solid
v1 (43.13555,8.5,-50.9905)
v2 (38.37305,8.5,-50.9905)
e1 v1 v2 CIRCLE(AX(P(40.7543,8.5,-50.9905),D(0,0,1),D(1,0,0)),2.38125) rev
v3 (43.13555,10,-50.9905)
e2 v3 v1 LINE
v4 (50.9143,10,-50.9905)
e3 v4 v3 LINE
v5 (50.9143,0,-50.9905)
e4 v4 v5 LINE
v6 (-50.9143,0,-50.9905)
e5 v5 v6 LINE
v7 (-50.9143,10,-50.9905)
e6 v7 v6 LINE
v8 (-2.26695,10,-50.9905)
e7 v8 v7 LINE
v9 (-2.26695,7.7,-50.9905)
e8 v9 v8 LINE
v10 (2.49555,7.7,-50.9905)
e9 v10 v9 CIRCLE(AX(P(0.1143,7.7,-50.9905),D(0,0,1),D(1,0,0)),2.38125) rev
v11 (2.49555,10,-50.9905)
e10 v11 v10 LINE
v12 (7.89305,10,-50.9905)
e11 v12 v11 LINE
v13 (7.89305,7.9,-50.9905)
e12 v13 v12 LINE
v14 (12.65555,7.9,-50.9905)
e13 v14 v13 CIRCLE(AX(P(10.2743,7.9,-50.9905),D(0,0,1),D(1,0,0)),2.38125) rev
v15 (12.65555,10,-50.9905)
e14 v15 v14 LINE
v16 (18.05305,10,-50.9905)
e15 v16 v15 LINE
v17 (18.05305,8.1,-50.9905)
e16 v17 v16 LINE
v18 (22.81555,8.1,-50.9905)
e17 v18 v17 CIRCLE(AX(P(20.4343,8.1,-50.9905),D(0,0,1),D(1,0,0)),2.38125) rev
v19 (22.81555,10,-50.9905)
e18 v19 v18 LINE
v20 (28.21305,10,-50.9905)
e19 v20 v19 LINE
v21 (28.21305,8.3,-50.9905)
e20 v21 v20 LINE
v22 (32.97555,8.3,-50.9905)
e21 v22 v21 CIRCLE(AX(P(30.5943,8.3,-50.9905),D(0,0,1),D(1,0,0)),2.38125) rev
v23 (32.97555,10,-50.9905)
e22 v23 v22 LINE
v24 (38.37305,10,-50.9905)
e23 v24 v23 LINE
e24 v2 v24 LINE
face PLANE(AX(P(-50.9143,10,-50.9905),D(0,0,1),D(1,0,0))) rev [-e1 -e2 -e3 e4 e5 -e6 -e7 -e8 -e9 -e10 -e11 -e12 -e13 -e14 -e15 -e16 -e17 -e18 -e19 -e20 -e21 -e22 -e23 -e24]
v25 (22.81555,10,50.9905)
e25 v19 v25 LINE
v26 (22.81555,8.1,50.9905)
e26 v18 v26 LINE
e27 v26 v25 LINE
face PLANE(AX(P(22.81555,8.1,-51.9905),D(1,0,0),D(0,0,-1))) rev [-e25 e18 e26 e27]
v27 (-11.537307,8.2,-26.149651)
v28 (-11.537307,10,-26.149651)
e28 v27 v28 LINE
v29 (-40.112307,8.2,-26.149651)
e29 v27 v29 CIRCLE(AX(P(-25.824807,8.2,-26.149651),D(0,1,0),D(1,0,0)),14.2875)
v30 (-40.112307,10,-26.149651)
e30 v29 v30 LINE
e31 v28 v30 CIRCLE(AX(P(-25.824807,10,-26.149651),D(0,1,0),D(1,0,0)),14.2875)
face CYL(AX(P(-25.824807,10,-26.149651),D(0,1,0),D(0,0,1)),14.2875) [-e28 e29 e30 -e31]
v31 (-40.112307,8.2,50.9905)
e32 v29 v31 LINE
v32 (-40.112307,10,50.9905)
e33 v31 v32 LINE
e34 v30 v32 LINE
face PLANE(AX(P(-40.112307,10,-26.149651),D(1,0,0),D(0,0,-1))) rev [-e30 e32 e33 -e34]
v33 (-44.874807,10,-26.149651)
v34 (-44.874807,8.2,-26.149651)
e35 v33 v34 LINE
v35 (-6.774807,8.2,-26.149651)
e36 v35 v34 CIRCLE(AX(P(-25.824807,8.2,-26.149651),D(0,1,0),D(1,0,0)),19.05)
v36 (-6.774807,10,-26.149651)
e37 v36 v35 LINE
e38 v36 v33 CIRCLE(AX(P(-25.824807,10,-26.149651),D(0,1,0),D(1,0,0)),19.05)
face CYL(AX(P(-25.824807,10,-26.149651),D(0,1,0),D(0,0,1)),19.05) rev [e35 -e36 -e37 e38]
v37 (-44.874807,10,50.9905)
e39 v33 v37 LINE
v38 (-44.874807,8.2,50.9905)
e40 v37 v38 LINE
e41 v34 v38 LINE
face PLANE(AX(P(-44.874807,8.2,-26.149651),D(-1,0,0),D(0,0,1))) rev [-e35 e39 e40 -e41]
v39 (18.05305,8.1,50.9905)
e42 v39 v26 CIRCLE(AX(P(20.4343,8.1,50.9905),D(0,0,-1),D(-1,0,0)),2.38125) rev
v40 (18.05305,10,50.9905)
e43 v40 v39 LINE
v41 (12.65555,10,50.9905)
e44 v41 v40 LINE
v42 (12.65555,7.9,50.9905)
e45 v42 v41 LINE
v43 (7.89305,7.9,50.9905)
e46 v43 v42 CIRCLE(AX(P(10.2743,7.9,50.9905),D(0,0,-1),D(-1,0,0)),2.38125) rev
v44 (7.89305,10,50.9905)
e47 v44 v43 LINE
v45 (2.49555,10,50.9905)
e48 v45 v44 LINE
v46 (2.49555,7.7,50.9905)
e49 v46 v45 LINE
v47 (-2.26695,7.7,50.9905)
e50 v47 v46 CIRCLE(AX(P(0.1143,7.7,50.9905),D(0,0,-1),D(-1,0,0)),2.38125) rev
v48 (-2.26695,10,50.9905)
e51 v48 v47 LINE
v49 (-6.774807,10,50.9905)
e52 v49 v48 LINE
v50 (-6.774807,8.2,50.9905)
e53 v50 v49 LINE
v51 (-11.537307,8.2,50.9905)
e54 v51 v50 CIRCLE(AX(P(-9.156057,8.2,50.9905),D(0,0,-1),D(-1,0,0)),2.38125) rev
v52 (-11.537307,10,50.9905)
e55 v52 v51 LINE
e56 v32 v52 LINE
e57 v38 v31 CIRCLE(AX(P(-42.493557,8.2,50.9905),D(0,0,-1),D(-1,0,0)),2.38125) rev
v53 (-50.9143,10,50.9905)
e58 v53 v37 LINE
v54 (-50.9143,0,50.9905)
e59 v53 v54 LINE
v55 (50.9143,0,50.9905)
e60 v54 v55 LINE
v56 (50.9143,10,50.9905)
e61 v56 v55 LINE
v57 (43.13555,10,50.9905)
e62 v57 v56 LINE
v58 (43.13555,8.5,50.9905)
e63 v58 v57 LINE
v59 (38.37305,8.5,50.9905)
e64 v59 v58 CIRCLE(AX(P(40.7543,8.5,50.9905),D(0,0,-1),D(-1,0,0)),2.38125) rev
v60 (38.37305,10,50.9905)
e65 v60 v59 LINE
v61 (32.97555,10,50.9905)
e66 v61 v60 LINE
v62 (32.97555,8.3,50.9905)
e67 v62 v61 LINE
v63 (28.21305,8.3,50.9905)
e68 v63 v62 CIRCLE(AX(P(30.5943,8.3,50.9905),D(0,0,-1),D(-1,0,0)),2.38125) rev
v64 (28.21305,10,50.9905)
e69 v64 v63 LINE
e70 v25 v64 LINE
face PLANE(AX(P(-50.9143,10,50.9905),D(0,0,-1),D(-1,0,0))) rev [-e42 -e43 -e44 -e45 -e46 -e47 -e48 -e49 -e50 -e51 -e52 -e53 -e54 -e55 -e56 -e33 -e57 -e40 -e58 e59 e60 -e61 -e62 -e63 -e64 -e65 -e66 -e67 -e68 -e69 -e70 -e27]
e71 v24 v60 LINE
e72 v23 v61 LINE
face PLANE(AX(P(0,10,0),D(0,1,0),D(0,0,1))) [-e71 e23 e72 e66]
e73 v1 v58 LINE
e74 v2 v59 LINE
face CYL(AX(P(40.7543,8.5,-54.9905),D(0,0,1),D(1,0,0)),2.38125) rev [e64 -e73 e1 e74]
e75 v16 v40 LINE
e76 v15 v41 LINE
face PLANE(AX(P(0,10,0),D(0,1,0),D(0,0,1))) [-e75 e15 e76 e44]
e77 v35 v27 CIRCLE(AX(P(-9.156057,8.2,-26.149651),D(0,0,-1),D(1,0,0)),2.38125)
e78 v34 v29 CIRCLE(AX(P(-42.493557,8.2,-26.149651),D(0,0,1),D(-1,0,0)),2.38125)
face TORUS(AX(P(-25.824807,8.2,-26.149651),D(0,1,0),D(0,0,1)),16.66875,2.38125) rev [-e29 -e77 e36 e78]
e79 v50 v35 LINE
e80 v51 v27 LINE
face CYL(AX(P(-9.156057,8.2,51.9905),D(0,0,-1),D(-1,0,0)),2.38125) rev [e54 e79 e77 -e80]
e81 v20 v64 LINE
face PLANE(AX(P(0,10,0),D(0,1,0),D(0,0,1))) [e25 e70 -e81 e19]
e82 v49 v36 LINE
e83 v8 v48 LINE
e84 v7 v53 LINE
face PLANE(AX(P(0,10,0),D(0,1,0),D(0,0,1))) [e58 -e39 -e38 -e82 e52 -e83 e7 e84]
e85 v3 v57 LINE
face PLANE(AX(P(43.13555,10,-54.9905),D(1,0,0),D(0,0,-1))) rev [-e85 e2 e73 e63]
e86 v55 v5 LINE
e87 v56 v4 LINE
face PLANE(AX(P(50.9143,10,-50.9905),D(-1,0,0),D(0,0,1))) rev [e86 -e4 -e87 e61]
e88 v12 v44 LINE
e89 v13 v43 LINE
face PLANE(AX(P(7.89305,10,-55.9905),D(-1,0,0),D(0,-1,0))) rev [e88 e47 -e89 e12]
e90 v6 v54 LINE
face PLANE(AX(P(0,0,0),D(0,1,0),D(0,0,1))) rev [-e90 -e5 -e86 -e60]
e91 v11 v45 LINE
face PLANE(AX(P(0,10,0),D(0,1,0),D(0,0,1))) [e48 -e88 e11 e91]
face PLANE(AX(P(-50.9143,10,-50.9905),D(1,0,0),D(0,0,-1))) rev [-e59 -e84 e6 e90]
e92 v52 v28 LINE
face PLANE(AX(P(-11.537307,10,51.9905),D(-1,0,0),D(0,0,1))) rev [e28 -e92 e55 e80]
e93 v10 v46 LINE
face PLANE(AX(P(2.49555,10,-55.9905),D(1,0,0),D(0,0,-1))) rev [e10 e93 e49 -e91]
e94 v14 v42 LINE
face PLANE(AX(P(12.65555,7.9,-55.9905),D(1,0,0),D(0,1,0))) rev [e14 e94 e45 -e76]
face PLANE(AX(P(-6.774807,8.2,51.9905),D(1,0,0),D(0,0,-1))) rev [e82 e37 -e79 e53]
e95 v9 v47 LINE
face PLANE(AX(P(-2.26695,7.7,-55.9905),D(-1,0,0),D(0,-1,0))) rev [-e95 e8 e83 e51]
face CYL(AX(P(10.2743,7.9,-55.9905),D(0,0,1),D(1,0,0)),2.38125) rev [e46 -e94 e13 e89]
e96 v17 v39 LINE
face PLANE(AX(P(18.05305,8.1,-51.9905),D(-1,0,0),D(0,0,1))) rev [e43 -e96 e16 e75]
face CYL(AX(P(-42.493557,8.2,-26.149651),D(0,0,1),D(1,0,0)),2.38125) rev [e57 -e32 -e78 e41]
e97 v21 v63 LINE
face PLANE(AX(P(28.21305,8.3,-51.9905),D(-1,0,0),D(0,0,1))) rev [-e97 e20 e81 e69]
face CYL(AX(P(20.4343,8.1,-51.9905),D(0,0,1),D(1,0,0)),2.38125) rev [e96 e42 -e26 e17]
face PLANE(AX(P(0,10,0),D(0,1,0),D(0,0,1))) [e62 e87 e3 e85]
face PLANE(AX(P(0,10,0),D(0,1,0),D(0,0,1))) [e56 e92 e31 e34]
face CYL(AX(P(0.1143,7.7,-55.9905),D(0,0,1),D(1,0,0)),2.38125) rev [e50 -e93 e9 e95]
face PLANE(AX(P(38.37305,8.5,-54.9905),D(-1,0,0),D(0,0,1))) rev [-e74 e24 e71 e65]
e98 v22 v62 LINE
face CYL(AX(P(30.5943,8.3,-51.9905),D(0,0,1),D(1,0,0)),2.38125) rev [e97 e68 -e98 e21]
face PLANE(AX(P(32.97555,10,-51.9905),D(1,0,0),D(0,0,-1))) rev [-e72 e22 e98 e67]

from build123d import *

# Parameters (mm, degrees)
SKETCH1_W           = 101.8286
SKETCH1_H           = 101.981
BOSS_EXTRUDE1_DEPTH = 10


with BuildPart() as part:
    # Sketch1 → Boss-Extrude1 (new body)
    with BuildSketch(Plane(origin=(0, 0, 0), x_dir=(1, 0, 0), z_dir=(0, 1, 0))):
        Rectangle(SKETCH1_W, SKETCH1_H)
    extrude(amount=BOSS_EXTRUDE1_DEPTH)

    # Cut-Sweep1: sweep along a path in Sketch2
    with BuildLine(Plane(origin=(0, 10, 0), x_dir=(1, 0, 0), z_dir=(0, 1, 0))) as cut_sweep1_path:
        Line((-42.493557128, -50.9905), (-42.493557128, 26.149650848))
        ThreePointArc((-42.493557128, 26.149650848), (-25.824807128, 42.818400848), (-9.156057128, 26.149650848))
        Line((-9.156057128, 26.149650848), (-9.156057128, -50.9905))
    # Sketch3 → Cut-Sweep1 (sweep, cut)
    with BuildSketch(Plane.XY.offset(50.9905)):
        with BuildLine():
            Line((-40.112307128, 10), (-44.874807128, 10))
            Line((-44.874807128, 10), (-44.874807128, 8.2))
            ThreePointArc((-44.874807128, 8.2), (-42.493557128, 5.81875), (-40.112307128, 8.2))
            Line((-40.112307128, 8.2), (-40.112307128, 10))
        make_face()
    sweep(path=cut_sweep1_path.line, mode=Mode.SUBTRACT)

    # Cut-Sweep2: sweep along a path in Sketch4
    with BuildLine(Plane(origin=(0, 10, 0), x_dir=(1, 0, 0), z_dir=(0, 1, 0))) as cut_sweep2_path:
        Line((10.2743, 50.9905), (10.2743, -50.9905))
    # Sketch5 → Cut-Sweep2 (sweep, cut)
    with BuildSketch(Plane.XY.offset(50.9905)):
        with BuildLine():
            Line((7.89305, 10), (12.65555, 10))
            Line((12.65555, 10), (12.65555, 7.9))
            ThreePointArc((12.65555, 7.9), (10.2743, 5.51875), (7.89305, 7.9))
            Line((7.89305, 7.9), (7.89305, 10))
        make_face()
        with BuildLine():
            Line((18.05305, 10), (22.81555, 10))
            Line((22.81555, 10), (22.81555, 8.1))
            ThreePointArc((22.81555, 8.1), (20.4343, 5.71875), (18.05305, 8.1))
            Line((18.05305, 8.1), (18.05305, 10))
        make_face()
        with BuildLine():
            Line((28.21305, 10), (32.97555, 10))
            Line((32.97555, 10), (32.97555, 8.3))
            ThreePointArc((32.97555, 8.3), (30.5943, 5.91875), (28.21305, 8.3))
            Line((28.21305, 8.3), (28.21305, 10))
        make_face()
        with BuildLine():
            Line((38.37305, 10), (43.13555, 10))
            Line((43.13555, 10), (43.13555, 8.5))
            ThreePointArc((43.13555, 8.5), (40.7543, 6.11875), (38.37305, 8.5))
            Line((38.37305, 8.5), (38.37305, 10))
        make_face()
        with BuildLine():
            Line((-2.26695, 10), (2.49555, 10))
            Line((2.49555, 10), (2.49555, 7.7))
            ThreePointArc((2.49555, 7.7), (0.1143, 5.31875), (-2.26695, 7.7))
            Line((-2.26695, 7.7), (-2.26695, 10))
        make_face()
    sweep(path=cut_sweep2_path.line, mode=Mode.SUBTRACT)


solid = part.part
